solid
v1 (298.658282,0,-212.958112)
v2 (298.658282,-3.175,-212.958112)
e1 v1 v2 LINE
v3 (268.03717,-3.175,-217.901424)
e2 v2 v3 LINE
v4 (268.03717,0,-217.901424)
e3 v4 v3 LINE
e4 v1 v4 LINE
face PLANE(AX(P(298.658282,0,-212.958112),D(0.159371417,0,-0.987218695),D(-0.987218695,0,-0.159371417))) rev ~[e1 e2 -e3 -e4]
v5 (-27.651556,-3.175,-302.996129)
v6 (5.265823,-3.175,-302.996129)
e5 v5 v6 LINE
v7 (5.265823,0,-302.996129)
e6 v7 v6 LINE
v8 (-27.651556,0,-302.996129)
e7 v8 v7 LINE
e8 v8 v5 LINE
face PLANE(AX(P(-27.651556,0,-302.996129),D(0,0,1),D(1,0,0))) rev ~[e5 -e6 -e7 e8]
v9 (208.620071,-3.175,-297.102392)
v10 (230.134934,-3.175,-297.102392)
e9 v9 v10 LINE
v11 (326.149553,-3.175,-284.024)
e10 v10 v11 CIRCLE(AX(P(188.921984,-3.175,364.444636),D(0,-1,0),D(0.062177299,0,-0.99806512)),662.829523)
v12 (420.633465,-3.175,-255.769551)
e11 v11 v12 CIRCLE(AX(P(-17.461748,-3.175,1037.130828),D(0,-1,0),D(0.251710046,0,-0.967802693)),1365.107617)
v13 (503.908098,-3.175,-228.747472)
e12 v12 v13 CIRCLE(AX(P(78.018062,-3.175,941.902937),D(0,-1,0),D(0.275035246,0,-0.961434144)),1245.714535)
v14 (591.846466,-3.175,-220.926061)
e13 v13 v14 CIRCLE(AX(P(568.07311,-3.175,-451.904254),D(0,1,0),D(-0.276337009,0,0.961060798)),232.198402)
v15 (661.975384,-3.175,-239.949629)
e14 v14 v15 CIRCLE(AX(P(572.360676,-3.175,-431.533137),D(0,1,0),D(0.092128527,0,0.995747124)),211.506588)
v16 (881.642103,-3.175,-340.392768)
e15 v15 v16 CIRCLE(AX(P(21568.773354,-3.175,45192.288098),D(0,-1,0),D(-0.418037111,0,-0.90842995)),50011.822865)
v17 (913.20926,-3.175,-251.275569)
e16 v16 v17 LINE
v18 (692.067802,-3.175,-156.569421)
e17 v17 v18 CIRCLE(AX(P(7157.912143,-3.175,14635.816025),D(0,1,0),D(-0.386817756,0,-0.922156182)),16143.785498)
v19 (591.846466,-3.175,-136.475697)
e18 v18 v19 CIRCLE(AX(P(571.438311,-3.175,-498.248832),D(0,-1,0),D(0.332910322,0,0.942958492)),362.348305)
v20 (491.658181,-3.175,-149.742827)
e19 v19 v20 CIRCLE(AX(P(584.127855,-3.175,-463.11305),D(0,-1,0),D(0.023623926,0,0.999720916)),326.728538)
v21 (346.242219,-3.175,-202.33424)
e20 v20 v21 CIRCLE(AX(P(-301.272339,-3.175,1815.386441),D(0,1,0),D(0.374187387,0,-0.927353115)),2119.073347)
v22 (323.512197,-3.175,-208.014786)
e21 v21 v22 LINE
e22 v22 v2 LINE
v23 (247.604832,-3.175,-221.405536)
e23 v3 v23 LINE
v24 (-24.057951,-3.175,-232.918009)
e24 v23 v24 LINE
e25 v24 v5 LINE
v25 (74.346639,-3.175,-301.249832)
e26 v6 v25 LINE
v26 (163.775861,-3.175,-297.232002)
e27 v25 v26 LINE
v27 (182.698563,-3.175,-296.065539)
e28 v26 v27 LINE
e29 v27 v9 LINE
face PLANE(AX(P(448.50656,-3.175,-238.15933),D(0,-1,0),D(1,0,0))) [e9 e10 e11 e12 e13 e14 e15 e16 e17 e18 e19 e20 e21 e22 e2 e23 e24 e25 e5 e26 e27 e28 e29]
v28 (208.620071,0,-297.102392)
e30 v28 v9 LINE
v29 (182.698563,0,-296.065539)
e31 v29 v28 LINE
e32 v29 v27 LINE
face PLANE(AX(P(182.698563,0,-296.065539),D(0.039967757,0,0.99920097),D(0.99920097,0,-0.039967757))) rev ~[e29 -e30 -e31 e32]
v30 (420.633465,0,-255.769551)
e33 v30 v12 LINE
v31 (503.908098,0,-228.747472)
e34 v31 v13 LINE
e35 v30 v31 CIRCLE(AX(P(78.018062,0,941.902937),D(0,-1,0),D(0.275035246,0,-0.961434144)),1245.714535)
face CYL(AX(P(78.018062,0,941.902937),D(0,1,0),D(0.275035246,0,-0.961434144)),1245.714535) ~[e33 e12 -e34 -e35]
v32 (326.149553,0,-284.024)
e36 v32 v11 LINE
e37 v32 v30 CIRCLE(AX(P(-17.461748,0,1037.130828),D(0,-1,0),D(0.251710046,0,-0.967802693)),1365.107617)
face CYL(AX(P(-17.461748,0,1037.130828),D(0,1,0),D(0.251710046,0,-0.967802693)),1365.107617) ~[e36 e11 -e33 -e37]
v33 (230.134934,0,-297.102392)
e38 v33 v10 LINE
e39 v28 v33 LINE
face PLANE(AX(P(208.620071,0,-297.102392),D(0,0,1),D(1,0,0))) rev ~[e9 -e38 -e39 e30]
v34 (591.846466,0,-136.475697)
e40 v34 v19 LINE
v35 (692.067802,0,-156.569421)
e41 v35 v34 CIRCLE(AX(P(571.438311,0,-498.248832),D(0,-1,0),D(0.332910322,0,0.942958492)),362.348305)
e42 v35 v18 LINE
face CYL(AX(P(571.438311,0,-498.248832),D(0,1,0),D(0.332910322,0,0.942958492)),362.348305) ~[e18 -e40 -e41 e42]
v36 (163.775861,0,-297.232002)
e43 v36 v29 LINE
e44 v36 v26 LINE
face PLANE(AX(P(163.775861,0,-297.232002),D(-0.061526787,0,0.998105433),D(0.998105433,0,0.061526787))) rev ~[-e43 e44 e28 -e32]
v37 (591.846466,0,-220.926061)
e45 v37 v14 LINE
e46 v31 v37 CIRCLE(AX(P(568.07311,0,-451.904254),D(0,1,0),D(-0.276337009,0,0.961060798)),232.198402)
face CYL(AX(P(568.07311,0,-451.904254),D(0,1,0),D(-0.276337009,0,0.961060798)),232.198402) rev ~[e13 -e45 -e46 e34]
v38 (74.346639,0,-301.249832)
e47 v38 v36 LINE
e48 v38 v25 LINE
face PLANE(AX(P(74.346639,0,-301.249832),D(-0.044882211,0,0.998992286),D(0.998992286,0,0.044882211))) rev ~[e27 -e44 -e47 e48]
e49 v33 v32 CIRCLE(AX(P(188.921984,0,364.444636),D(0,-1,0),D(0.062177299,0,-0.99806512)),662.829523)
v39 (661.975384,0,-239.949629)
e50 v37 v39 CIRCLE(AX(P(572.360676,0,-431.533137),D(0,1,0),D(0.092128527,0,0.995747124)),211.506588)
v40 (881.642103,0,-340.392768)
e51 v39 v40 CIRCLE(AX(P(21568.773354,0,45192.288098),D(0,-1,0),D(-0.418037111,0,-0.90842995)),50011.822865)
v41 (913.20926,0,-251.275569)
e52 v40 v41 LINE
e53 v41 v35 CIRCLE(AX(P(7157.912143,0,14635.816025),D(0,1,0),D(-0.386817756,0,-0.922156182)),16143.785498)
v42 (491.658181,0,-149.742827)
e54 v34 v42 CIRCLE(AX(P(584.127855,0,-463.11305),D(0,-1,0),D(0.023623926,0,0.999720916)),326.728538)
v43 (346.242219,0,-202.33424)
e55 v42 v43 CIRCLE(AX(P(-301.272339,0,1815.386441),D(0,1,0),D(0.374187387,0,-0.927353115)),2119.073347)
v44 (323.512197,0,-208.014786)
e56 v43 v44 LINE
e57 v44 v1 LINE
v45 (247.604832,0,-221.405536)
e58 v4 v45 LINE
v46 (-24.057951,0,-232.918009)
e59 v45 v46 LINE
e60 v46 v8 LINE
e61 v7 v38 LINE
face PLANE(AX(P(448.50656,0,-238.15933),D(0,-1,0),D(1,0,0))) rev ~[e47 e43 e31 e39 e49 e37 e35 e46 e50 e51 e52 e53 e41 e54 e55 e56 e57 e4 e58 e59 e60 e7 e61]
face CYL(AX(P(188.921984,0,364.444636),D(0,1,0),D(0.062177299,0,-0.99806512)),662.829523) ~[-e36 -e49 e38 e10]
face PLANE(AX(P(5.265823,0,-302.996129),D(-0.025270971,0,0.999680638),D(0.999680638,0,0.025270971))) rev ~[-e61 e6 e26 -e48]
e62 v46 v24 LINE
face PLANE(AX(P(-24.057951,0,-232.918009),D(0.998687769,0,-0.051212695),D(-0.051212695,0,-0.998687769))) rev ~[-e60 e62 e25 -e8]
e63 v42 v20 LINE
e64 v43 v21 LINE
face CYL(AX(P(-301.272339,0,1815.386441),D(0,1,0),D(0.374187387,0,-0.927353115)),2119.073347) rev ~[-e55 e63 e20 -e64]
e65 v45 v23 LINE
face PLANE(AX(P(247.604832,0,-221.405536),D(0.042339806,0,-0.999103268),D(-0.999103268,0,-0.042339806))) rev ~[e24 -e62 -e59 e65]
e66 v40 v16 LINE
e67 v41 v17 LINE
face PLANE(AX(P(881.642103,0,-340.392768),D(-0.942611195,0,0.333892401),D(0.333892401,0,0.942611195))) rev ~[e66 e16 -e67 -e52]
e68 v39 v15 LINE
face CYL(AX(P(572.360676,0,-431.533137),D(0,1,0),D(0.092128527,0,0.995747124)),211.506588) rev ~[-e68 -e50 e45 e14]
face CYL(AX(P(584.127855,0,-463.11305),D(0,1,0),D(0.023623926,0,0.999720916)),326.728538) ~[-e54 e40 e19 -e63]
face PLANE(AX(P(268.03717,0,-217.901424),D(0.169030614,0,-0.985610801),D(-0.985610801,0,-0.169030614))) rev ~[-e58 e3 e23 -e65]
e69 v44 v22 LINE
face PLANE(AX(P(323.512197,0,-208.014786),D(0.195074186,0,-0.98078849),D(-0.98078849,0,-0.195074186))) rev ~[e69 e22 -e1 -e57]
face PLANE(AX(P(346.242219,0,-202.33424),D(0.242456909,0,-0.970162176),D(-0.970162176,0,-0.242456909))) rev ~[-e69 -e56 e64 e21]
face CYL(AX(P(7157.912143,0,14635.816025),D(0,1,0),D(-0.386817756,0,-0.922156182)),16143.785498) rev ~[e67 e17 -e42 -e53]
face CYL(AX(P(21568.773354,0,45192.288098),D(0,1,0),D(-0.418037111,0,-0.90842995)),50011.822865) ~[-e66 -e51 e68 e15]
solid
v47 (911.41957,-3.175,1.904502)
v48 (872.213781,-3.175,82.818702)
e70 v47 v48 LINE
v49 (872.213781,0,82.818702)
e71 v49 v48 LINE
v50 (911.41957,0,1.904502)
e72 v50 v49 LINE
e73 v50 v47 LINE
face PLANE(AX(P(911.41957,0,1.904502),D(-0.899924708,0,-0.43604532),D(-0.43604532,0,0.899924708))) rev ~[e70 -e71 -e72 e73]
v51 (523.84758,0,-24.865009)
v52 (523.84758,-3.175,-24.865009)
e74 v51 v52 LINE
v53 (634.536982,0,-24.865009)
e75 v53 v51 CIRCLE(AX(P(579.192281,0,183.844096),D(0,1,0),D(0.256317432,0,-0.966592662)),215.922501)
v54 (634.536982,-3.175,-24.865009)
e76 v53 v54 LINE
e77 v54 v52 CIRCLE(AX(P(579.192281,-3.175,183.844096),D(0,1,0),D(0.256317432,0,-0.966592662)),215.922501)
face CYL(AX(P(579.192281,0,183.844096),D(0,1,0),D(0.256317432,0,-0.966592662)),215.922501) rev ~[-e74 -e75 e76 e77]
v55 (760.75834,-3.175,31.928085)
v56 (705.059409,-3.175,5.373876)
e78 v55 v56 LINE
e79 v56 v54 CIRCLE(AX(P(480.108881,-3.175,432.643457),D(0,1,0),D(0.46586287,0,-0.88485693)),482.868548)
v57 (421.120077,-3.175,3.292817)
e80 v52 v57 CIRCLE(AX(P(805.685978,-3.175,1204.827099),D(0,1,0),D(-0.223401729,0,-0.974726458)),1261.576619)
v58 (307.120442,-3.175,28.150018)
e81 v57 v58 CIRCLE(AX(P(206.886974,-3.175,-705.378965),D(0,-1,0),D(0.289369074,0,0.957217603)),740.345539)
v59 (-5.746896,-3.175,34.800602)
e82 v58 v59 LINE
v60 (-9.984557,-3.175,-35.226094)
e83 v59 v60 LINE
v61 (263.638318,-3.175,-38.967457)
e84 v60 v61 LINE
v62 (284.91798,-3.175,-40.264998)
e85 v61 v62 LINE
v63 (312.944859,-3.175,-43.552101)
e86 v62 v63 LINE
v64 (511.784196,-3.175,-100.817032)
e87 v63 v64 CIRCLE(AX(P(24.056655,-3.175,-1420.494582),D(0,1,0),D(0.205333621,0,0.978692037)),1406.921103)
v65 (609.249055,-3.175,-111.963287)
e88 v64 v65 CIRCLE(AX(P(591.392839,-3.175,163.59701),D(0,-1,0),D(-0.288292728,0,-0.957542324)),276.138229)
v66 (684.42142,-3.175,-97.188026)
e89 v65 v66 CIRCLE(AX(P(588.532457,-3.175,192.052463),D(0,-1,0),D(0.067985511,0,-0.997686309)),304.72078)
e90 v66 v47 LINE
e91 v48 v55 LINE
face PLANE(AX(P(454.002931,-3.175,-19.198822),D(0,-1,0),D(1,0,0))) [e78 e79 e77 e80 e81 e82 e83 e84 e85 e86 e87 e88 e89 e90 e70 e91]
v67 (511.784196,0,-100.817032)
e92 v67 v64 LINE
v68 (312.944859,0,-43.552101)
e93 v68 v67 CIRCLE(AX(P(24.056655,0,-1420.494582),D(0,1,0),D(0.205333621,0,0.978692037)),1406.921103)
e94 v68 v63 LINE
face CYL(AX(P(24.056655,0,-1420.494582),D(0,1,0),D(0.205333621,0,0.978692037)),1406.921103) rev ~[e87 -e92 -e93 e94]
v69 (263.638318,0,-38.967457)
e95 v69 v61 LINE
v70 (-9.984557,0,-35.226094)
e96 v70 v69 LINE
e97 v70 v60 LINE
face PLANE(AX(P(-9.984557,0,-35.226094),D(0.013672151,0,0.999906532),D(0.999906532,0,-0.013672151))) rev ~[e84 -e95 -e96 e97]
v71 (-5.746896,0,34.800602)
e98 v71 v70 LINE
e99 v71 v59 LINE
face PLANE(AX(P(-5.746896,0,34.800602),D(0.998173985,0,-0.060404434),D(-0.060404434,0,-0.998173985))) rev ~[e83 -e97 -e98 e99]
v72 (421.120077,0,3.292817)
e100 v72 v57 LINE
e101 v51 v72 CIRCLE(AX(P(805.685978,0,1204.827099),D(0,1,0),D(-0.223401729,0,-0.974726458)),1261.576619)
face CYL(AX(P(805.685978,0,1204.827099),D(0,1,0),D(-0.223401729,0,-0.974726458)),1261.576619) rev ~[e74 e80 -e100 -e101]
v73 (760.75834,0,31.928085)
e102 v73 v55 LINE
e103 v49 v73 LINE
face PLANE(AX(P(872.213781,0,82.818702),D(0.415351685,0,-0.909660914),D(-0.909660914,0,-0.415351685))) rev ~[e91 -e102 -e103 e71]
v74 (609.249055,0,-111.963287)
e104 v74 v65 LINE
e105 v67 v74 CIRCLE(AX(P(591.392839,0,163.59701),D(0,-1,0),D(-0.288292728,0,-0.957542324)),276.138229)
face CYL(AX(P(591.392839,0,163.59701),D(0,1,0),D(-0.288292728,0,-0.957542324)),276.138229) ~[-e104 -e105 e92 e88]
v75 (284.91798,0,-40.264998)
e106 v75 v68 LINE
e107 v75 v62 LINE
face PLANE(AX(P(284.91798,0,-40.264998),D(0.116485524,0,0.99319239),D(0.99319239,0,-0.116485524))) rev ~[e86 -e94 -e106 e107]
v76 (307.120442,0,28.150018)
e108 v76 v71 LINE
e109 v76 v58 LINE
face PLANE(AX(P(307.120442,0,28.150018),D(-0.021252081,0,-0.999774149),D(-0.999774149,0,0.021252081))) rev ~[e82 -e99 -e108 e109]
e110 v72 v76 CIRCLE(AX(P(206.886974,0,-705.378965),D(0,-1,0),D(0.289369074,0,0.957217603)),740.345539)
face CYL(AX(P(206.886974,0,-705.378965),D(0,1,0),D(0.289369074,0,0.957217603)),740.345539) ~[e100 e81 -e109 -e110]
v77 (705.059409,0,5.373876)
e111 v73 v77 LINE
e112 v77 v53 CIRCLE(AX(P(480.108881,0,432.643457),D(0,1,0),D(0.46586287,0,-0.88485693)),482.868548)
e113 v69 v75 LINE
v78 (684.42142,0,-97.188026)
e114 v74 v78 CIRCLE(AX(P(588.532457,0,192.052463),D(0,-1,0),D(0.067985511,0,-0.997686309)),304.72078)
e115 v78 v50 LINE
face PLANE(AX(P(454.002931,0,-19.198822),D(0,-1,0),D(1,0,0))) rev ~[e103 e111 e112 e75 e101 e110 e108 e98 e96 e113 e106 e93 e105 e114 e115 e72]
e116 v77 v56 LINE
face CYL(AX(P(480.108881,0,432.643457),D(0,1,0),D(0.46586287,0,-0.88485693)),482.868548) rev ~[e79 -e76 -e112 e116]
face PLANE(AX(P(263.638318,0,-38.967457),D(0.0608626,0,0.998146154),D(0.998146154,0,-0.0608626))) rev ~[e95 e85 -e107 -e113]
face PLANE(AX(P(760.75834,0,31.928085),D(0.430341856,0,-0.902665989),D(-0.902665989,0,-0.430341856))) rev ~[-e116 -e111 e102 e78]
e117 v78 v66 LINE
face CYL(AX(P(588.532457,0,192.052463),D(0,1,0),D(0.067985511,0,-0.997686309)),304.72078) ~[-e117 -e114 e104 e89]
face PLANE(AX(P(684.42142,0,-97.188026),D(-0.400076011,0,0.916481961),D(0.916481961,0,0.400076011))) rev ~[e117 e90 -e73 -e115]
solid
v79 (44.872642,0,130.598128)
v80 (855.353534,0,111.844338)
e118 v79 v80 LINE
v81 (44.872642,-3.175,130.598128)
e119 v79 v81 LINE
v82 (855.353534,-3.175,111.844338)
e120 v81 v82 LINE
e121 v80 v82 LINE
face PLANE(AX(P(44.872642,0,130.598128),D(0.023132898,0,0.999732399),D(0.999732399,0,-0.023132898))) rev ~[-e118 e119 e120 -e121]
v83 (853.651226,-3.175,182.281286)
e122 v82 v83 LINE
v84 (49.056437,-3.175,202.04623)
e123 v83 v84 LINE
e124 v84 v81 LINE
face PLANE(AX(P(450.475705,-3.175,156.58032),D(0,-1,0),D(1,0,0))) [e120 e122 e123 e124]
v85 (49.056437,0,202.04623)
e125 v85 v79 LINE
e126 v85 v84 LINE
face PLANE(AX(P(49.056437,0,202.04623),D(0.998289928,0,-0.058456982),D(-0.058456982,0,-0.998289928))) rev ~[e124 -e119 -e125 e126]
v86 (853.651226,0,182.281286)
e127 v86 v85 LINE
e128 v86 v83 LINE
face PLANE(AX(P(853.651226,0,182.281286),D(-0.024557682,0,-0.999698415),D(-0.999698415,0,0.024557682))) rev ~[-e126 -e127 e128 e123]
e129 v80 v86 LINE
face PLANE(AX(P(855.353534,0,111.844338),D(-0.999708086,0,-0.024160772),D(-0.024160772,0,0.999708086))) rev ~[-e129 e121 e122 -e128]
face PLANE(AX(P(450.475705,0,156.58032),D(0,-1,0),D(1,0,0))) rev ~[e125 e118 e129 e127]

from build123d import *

# Parameters (mm, degrees)
F1_DEPTH = 3.175


with BuildPart() as f1:
    # F0 (on Front) → F1 (new body)
    with BuildSketch(Plane.XZ):
        with BuildLine():
            Line((-5.746896, 34.800602), (-9.984557, -35.226094))
            Line((-9.984557, -35.226094), (263.638318, -38.967457))
            Line((263.638318, -38.967457), (284.91798, -40.264998))
            Line((284.91798, -40.264998), (312.944859, -43.552101))
            ThreePointArc((312.944859, -43.552101), (413.418726, -68.524106), (511.784196, -100.817032))
            ThreePointArc((511.784196, -100.817032), (560.017685, -110.752988), (609.249055, -111.963287))
            ThreePointArc((609.249055, -111.963287), (647.301423, -106.947474), (684.42142, -97.188026))
            Line((684.42142, -97.188026), (911.41957, 1.904502))
            Line((911.41957, 1.904502), (872.213781, 82.818702))
            Line((872.213781, 82.818702), (760.75834, 31.928085))
            Line((760.75834, 31.928085), (705.059409, 5.373876))
            ThreePointArc((705.059409, 5.373876), (670.399799, -11.148613), (634.536982, -24.865009))
            ThreePointArc((634.536982, -24.865009), (579.192281, -32.078405), (523.84758, -24.865009))
            ThreePointArc((523.84758, -24.865009), (472.186521, -11.870758), (421.120077, 3.292817))
            ThreePointArc((421.120077, 3.292817), (364.610708, 17.970702), (307.120442, 28.150018))
            Line((307.120442, 28.150018), (-5.746896, 34.800602))
        make_face()
        with BuildLine():
            Line((247.604832, -221.405536), (-24.057951, -232.918009))
            Line((-24.057951, -232.918009), (-27.651556, -302.996129))
            Line((-27.651556, -302.996129), (5.265823, -302.996129))
            Line((5.265823, -302.996129), (74.346639, -301.249832))
            Line((74.346639, -301.249832), (163.775861, -297.232002))
            Line((163.775861, -297.232002), (182.698563, -296.065539))
            Line((182.698563, -296.065539), (208.620071, -297.102392))
            Line((208.620071, -297.102392), (230.134934, -297.102392))
            ThreePointArc((230.134934, -297.102392), (278.38156, -292.320133), (326.149553, -284.024))
            ThreePointArc((326.149553, -284.024), (373.646737, -270.750267), (420.633465, -255.769551))
            ThreePointArc((420.633465, -255.769551), (462.508245, -242.990308), (503.908098, -228.747472))
            ThreePointArc((503.908098, -228.747472), (547.502133, -220.618861), (591.846466, -220.926061))
            ThreePointArc((591.846466, -220.926061), (627.733988, -227.403686), (661.975384, -239.949629))
            ThreePointArc((661.975384, -239.949629), (771.748105, -290.303814), (881.642103, -340.392768))
            Line((881.642103, -340.392768), (913.20926, -251.275569))
            ThreePointArc((913.20926, -251.275569), (802.46212, -204.33442), (692.067802, -156.569421))
            ThreePointArc((692.067802, -156.569421), (642.66923, -142.970842), (591.846466, -136.475697))
            ThreePointArc((591.846466, -136.475697), (541.236249, -139.212066), (491.658181, -149.742827))
            ThreePointArc((491.658181, -149.742827), (419.430075, -177.365395), (346.242219, -202.33424))
            Line((346.242219, -202.33424), (323.512197, -208.014786))
            Line((323.512197, -208.014786), (298.658282, -212.958112))
            Line((298.658282, -212.958112), (268.03717, -217.901424))
            Line((268.03717, -217.901424), (247.604832, -221.405536))
        make_face()
        Polygon((853.651226, 182.281286), (49.056437, 202.04623), (44.872642, 130.598128), (855.353534, 111.844338), align=None)
    extrude(amount=F1_DEPTH)


solid = f1.part
